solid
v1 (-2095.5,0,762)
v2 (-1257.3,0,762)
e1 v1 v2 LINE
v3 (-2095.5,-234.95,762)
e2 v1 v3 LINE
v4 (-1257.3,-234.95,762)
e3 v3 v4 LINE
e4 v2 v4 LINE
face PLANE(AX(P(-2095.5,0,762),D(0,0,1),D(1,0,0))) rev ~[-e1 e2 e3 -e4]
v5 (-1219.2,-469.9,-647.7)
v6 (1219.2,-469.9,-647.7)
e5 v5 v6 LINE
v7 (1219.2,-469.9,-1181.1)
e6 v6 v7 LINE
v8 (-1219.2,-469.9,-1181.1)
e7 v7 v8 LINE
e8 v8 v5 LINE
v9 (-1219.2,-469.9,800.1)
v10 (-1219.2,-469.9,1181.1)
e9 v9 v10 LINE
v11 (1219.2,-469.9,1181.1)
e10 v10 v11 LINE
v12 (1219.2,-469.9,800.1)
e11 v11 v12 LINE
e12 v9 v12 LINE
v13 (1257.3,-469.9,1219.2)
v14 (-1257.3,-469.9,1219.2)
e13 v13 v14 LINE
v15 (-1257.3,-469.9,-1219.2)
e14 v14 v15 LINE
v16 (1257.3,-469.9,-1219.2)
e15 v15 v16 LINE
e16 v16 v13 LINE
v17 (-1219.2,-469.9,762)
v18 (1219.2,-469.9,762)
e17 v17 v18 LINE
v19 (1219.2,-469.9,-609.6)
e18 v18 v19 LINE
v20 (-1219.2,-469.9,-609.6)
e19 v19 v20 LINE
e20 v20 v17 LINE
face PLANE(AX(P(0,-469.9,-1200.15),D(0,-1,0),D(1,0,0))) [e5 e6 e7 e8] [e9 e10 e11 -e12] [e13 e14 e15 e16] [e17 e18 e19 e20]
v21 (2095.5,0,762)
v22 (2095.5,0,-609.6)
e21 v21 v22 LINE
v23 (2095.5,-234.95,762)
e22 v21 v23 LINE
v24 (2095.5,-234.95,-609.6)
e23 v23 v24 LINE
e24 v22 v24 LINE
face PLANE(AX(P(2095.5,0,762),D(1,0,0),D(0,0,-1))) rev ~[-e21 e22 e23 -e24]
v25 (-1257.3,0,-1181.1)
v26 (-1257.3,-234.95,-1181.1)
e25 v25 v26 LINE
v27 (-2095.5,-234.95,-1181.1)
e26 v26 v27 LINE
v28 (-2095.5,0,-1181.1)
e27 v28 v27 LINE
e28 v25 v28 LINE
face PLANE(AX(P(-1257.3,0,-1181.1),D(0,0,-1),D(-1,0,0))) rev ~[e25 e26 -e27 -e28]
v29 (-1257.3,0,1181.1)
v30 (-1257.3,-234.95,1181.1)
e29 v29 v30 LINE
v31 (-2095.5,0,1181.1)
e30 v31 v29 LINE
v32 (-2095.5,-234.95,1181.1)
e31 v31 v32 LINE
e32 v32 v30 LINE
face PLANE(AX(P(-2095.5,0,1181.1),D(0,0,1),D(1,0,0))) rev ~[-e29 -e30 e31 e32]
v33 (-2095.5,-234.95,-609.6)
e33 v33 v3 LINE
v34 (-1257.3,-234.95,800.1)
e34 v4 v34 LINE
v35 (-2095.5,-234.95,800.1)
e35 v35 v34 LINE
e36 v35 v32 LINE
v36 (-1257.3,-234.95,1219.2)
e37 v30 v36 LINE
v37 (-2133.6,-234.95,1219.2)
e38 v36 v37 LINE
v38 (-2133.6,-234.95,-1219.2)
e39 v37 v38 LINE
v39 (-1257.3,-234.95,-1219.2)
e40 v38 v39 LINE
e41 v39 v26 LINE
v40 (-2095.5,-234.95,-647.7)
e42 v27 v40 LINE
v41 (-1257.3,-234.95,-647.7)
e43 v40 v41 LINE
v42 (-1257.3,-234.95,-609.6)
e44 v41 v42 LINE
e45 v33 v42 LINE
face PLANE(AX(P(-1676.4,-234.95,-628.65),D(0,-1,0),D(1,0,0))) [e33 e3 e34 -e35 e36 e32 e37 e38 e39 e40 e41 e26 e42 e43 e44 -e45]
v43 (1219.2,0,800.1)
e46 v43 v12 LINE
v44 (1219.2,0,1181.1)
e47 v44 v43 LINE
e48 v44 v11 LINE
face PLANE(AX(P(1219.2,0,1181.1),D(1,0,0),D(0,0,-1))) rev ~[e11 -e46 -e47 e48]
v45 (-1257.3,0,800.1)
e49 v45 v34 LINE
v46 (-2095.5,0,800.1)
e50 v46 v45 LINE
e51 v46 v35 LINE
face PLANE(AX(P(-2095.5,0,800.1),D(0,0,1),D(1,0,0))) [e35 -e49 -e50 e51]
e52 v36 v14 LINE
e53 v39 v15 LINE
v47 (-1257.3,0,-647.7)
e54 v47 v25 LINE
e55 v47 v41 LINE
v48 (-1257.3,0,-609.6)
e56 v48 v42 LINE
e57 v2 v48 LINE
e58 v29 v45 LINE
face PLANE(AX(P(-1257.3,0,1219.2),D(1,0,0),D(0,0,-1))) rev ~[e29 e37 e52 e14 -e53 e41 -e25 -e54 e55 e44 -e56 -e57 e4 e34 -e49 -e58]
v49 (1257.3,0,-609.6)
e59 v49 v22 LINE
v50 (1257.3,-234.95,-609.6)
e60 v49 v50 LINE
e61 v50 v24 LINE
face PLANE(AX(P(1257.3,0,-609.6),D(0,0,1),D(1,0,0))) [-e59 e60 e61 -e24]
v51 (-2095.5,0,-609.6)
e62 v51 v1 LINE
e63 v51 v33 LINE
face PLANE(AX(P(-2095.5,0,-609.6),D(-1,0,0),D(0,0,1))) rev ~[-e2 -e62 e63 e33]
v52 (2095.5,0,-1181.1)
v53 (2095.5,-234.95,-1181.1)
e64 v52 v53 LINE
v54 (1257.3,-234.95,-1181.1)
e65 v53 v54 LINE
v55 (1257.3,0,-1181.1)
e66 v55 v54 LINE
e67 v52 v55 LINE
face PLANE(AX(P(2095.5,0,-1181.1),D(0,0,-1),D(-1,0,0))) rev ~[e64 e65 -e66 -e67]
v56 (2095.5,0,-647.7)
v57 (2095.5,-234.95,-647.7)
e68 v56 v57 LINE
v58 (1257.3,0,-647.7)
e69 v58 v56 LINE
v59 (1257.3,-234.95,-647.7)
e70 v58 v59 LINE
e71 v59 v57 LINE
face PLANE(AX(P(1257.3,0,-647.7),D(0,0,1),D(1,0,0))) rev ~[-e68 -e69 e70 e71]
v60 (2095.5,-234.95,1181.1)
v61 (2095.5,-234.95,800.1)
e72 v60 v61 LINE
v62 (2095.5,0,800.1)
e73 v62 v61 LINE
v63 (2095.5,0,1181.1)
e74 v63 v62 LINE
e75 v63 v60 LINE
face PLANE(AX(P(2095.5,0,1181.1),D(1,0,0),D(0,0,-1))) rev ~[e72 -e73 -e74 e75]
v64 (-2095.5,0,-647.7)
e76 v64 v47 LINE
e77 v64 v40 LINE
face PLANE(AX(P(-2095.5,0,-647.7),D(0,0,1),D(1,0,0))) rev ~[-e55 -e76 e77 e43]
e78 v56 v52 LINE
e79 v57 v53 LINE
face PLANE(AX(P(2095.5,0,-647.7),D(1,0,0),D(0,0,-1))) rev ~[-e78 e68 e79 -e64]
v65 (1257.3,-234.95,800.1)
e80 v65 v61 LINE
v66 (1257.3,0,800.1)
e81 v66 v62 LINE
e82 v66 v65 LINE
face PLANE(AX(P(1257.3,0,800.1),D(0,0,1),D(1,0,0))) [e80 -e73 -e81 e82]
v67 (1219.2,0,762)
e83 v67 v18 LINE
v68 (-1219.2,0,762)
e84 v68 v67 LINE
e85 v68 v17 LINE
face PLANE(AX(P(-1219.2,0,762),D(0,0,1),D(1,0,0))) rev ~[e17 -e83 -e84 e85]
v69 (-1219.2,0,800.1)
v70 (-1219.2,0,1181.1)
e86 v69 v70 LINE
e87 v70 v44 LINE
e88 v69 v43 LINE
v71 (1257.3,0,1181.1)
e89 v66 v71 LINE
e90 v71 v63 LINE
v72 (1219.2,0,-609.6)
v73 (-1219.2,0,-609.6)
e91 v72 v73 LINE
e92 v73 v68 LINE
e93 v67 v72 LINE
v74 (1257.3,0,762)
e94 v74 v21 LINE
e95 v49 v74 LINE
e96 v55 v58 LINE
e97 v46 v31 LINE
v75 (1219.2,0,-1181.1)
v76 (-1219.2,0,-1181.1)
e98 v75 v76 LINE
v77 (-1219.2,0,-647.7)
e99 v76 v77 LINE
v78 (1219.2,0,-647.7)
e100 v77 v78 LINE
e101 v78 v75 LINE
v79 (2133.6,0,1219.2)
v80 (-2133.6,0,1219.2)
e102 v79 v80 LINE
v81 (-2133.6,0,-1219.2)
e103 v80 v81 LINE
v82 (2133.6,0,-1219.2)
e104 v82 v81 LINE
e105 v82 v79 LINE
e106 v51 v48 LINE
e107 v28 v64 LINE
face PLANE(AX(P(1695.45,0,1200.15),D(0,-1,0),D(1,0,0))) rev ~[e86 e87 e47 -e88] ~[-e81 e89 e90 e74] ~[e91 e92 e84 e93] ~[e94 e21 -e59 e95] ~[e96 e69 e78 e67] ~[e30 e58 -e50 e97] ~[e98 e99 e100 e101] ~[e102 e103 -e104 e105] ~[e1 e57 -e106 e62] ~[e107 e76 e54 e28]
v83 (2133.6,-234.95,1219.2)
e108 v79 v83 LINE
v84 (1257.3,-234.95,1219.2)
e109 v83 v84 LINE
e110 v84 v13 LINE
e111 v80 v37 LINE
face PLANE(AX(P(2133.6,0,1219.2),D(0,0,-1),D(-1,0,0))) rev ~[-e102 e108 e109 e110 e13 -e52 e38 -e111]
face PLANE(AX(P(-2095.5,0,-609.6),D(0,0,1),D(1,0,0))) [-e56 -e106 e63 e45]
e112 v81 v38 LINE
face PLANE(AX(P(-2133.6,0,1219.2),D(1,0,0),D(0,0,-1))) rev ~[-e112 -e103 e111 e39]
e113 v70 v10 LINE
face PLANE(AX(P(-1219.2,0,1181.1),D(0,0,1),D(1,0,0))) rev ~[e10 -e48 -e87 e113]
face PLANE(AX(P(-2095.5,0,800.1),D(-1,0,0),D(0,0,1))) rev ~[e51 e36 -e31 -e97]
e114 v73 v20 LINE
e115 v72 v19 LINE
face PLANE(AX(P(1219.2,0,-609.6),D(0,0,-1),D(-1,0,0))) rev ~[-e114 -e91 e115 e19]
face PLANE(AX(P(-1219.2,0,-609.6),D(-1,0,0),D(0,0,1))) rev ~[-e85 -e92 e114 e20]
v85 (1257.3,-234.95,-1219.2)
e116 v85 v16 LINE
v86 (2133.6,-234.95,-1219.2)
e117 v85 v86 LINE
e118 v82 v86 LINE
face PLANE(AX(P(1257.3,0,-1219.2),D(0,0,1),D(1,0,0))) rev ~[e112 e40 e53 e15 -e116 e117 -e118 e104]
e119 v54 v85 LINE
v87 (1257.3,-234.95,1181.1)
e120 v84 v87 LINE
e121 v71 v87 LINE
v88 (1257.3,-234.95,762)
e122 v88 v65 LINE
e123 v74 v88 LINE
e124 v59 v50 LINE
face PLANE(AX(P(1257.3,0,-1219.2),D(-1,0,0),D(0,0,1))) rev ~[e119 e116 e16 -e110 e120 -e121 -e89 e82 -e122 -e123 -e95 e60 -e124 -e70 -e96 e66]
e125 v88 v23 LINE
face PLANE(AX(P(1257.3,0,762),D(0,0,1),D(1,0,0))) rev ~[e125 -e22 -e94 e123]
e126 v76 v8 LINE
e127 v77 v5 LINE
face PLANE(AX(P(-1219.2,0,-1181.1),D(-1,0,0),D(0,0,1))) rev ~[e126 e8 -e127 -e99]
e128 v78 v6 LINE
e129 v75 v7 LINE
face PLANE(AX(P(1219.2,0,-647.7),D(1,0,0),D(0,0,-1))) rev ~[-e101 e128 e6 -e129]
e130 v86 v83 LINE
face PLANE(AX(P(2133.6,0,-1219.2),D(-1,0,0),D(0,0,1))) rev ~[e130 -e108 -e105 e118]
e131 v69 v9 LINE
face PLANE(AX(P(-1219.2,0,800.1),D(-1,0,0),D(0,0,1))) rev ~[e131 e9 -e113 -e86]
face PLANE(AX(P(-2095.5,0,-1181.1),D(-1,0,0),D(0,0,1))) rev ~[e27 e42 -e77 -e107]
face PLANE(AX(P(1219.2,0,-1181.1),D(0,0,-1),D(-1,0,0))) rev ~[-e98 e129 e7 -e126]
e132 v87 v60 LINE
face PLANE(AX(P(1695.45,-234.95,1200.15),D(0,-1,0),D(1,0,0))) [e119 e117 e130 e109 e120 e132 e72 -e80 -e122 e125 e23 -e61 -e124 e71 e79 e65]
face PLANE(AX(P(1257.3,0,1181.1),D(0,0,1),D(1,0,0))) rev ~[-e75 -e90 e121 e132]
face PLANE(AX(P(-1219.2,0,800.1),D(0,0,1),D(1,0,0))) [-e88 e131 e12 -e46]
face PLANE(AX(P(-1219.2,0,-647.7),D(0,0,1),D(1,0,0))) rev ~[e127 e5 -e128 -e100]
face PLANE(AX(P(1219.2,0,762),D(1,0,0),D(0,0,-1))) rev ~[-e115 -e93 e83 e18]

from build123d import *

# Parameters (mm, degrees)
F0_W     = 2438.4
F0_H     = 38.1
F1_DEPTH = 469.9
F0_W_2   = 838.2
F2_DEPTH = 234.95


with BuildPart() as f1:
    # F0 (on Front) → F1 (new body)
    with BuildSketch(Plane.XZ):
        Polygon((457.2, -1219.2), (1257.3, -1219.2), (1257.3, -1181.1), (1219.2, -1181.1), (457.2, -1181.1), (-457.2, -1181.1), (-1219.2, -1181.1), (-1257.3, -1181.1), (-1257.3, -1219.2), (-457.2, -1219.2), align=None)
        Polygon((1257.3, 800.1), (1257.3, 1181.1), (1219.2, 1181.1), (1219.2, 800.1), (1219.2, 762), (1219.2, -609.6), (1219.2, -647.7), (1219.2, -1181.1), (1257.3, -1181.1), (1257.3, -647.7), (1257.3, -609.6), (1257.3, 762), align=None)
        Polygon((1219.2, -647.7), (1219.2, -609.6), (457.2, -609.6), (-457.2, -609.6), (-1219.2, -609.6), (-1219.2, -647.7), (-457.2, -647.7), (457.2, -647.7), align=None)
        Polygon((-1219.2, 1181.1), (-1257.3, 1181.1), (-1257.3, 800.1), (-1257.3, 762), (-1257.3, -609.6), (-1257.3, -647.7), (-1257.3, -1181.1), (-1219.2, -1181.1), (-1219.2, -647.7), (-1219.2, -609.6), (-1219.2, 762), (-1219.2, 800.1), align=None)
        Polygon((1257.3, 1181.1), (1257.3, 1219.2), (-1257.3, 1219.2), (-1257.3, 1181.1), (-1219.2, 1181.1), (1219.2, 1181.1), align=None)
        with Locations((0, 781.05)):
            Rectangle(F0_W, F0_H)
    extrude(amount=F1_DEPTH)

    # F0 (on Front) → F2 (join)
    with BuildSketch(Plane.XZ):
        Polygon((2133.6, 1181.1), (2133.6, 1219.2), (1257.3, 1219.2), (1257.3, 1181.1), (2095.5, 1181.1), align=None)
        Polygon((2133.6, -1181.1), (2133.6, 1181.1), (2095.5, 1181.1), (2095.5, 800.1), (2095.5, 762), (2095.5, -609.6), (2095.5, -647.7), (2095.5, -1181.1), align=None)
        with Locations((1676.4, 781.05)):
            Rectangle(F0_W_2, F0_H)
        with Locations((1676.4, -628.65)):
            Rectangle(F0_W_2, F0_H)
        Polygon((2133.6, -1219.2), (2133.6, -1181.1), (2095.5, -1181.1), (1257.3, -1181.1), (1257.3, -1219.2), align=None)
        with Locations((-1676.4, -628.65)):
            Rectangle(F0_W_2, F0_H)
        Polygon((-2095.5, -1181.1), (-2133.6, -1181.1), (-2133.6, -1219.2), (-1257.3, -1219.2), (-1257.3, -1181.1), align=None)
        Polygon((-2095.5, 1181.1), (-2133.6, 1181.1), (-2133.6, -1181.1), (-2095.5, -1181.1), (-2095.5, -647.7), (-2095.5, -609.6), (-2095.5, 762), (-2095.5, 800.1), align=None)
        with Locations((-1676.4, 781.05)):
            Rectangle(F0_W_2, F0_H)
        Polygon((-1257.3, 1181.1), (-1257.3, 1219.2), (-2133.6, 1219.2), (-2133.6, 1181.1), (-2095.5, 1181.1), align=None)
    extrude(amount=F2_DEPTH)


solid = f1.part
